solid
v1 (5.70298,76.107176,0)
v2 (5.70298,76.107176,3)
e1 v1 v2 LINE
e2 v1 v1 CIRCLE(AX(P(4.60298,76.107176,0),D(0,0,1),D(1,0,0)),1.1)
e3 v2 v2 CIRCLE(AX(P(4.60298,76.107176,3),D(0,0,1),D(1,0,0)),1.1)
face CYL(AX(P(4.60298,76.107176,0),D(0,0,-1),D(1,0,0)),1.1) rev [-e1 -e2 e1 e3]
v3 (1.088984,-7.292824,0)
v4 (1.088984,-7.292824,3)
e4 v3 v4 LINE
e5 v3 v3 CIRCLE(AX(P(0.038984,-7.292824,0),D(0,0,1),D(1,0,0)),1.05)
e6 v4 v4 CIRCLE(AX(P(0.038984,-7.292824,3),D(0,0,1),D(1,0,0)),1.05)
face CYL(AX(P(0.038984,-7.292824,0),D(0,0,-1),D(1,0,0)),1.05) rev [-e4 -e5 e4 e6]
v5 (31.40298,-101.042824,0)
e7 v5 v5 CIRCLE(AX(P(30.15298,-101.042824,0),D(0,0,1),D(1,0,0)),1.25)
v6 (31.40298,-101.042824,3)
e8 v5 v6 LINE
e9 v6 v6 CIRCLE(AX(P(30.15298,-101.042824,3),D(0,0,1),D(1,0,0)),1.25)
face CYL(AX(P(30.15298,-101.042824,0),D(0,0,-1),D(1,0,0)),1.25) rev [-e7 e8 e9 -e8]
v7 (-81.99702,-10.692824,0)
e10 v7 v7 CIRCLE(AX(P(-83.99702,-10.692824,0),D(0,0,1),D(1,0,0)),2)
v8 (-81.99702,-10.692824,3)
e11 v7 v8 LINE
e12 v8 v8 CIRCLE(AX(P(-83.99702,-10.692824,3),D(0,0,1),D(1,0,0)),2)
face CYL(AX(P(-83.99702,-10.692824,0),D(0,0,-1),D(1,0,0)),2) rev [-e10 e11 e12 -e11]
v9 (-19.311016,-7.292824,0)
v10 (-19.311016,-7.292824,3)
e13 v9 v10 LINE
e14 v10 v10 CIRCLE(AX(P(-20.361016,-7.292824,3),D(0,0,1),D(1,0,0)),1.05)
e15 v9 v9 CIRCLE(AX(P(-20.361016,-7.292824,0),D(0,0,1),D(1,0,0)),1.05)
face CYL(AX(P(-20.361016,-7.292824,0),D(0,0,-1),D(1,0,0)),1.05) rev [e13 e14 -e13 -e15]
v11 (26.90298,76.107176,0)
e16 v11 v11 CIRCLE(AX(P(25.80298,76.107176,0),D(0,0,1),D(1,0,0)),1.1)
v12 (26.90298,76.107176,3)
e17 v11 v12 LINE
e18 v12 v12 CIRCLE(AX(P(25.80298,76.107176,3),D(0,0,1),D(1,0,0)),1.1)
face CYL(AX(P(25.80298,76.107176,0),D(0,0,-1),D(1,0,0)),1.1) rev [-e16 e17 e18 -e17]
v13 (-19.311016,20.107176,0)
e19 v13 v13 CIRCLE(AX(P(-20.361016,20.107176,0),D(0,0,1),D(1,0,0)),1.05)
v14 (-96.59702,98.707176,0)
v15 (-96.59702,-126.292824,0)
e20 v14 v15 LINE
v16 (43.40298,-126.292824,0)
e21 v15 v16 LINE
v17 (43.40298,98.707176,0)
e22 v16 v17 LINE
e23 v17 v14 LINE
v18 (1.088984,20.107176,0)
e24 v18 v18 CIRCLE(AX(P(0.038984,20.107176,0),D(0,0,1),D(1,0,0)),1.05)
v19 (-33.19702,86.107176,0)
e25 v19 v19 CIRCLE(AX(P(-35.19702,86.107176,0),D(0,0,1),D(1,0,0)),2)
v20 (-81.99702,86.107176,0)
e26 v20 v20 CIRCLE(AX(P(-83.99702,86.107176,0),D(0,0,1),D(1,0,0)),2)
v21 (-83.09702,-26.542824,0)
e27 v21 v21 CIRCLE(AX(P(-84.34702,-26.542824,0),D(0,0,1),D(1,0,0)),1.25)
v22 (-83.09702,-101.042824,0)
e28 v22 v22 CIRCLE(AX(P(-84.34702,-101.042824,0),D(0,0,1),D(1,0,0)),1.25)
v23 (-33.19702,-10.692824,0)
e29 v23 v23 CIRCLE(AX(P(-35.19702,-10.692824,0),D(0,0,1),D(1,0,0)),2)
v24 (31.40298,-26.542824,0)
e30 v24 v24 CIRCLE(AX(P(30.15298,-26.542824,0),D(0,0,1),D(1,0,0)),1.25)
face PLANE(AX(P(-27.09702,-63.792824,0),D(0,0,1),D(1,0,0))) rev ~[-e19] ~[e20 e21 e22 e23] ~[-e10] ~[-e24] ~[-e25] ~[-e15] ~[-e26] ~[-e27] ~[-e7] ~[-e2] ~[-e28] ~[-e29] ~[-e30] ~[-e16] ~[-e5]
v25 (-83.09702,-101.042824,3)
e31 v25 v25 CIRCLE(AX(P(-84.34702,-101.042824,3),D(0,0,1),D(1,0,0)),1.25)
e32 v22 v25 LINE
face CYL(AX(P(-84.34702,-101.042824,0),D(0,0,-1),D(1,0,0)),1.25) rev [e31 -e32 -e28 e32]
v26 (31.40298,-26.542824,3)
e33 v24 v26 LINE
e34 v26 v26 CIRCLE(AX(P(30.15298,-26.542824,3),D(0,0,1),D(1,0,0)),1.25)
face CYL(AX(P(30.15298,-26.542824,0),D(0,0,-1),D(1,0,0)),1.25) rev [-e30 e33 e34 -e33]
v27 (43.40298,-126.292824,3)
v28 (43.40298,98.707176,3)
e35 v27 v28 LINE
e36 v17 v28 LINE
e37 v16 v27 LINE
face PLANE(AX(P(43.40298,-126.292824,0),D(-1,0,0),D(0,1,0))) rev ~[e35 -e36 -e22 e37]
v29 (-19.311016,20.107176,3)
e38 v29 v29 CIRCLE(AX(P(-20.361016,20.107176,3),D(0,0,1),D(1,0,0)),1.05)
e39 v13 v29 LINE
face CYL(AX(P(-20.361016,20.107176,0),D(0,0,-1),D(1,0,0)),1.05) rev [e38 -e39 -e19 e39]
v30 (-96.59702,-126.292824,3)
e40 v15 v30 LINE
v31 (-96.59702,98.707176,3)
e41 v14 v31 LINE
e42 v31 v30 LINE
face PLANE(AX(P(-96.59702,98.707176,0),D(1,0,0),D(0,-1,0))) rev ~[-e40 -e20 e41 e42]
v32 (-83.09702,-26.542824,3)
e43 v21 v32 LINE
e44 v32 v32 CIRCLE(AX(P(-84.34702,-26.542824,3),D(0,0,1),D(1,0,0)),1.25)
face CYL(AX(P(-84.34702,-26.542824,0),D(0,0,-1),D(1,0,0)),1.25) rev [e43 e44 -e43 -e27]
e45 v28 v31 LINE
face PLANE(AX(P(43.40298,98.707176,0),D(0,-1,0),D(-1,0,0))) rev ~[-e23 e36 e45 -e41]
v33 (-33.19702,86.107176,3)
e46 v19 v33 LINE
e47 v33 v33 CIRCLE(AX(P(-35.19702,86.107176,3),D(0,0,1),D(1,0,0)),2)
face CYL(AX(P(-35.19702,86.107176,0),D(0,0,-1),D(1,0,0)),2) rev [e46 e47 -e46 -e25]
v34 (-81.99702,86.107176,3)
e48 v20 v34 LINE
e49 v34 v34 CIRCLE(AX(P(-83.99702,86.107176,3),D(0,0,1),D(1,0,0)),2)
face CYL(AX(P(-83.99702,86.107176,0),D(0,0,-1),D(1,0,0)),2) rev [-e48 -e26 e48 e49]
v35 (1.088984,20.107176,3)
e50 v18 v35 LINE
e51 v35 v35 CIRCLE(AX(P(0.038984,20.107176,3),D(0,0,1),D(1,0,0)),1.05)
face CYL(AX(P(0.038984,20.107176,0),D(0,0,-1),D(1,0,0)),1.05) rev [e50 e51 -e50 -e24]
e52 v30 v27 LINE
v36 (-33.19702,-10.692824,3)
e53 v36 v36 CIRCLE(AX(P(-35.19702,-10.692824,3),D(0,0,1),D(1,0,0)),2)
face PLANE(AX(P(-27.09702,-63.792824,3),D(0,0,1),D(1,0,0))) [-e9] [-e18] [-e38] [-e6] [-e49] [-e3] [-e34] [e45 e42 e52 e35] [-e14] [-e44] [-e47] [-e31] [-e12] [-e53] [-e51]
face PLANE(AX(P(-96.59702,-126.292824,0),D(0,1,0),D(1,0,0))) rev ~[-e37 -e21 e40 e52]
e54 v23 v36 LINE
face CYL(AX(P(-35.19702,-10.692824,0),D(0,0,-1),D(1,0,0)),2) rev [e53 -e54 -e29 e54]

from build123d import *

# Parameters (mm, degrees)
F0_R     = 1.25
F0_W     = 26.4
F0_H     = 35.8
F0_R_2   = 2
F0_R_3   = 1.05
F0_W_2   = 15
F0_H_2   = 10
F0_R_4   = 1.1
F0_W_3   = 10
F0_H_3   = 20
F0_W_4   = 45
F1_DEPTH = 3


with BuildPart() as f1:
    # F0 (on Top) → F1 (new body)
    with BuildSketch(Plane.XY):
        Polygon((33.40298, -104.292824), (33.40298, -43.292824), (33.40298, -23.292824), (-87.59702, -23.292824), (-87.59702, -104.292824), align=None)
        with Locations((-84.34702, -101.042824)):
            Circle(F0_R, mode=Mode.SUBTRACT)
        with Locations((-84.34702, -26.542824)):
            Circle(F0_R, mode=Mode.SUBTRACT)
        with Locations((30.15298, -101.042824)):
            Circle(F0_R, mode=Mode.SUBTRACT)
        with Locations((30.15298, -26.542824)):
            Circle(F0_R, mode=Mode.SUBTRACT)
        Polygon((-81.59702, 98.707176), (-96.59702, 98.707176), (-96.59702, -126.292824), (43.40298, -126.292824), (43.40298, -43.292824), (33.40298, -43.292824), (33.40298, -104.292824), (-87.59702, -104.292824), (-87.59702, -23.292824), (33.40298, -23.292824), (43.40298, -23.292824), (43.40298, 98.707176), (-36.59702, 98.707176), (-36.59702, 88.707176), (-35.19702, 88.707176), (-32.59702, 88.707176), (-32.59702, 86.107176), (-32.59702, -10.692824), (-32.59702, -13.292824), (-35.19702, -13.292824), (-83.99702, -13.292824), (-86.59702, -13.292824), (-86.59702, -10.692824), (-86.59702, 86.107176), (-86.59702, 86.507176), (-86.59702, 88.707176), (-84.39702, 88.707176), (-83.99702, 88.707176), (-81.59702, 88.707176), align=None)
        Polygon((-23.161016, -10.092824), (-23.161016, 22.907176), (-17.161016, 22.907176), (-17.161016, 32.907176), (-2.161016, 32.907176), (-2.161016, 22.907176), (2.838984, 22.907176), (2.838984, -10.092824), align=None, mode=Mode.SUBTRACT)
        with Locations((15.20298, 60.807176)):
            Rectangle(F0_W, F0_H, mode=Mode.SUBTRACT)
        Polygon((-36.59702, 88.707176), (-81.59702, 88.707176), (-83.99702, 88.707176), (-84.39702, 88.707176), (-86.59702, 88.707176), (-86.59702, 86.507176), (-86.59702, 86.107176), (-86.59702, -10.692824), (-86.59702, -13.292824), (-83.99702, -13.292824), (-35.19702, -13.292824), (-32.59702, -13.292824), (-32.59702, -10.692824), (-32.59702, 86.107176), (-32.59702, 88.707176), (-35.19702, 88.707176), align=None)
        with Locations((-83.99702, -10.692824)):
            Circle(F0_R_2, mode=Mode.SUBTRACT)
        with Locations((-35.19702, -10.692824)):
            Circle(F0_R_2, mode=Mode.SUBTRACT)
        with Locations((-83.99702, 86.107176)):
            Circle(F0_R_2, mode=Mode.SUBTRACT)
        with Locations((-35.19702, 86.107176)):
            Circle(F0_R_2, mode=Mode.SUBTRACT)
        Polygon((-17.161016, 22.907176), (-23.161016, 22.907176), (-23.161016, -10.092824), (2.838984, -10.092824), (2.838984, 22.907176), (-2.161016, 22.907176), align=None)
        with Locations((-20.361016, -7.292824)):
            Circle(F0_R_3, mode=Mode.SUBTRACT)
        with Locations((0.038984, -7.292824)):
            Circle(F0_R_3, mode=Mode.SUBTRACT)
        with Locations((-20.361016, 20.107176)):
            Circle(F0_R_3, mode=Mode.SUBTRACT)
        with Locations((0.038984, 20.107176)):
            Circle(F0_R_3, mode=Mode.SUBTRACT)
        with Locations((-9.661016, 27.907176)):
            Rectangle(F0_W_2, F0_H_2)
        with Locations((15.20298, 60.807176)):
            Rectangle(F0_W, F0_H)
        with Locations((4.60298, 76.107176)):
            Circle(F0_R_4, mode=Mode.SUBTRACT)
        with Locations((25.80298, 76.107176)):
            Circle(F0_R_4, mode=Mode.SUBTRACT)
        with Locations((38.40298, -33.292824)):
            Rectangle(F0_W_3, F0_H_3)
        with Locations((-59.09702, 93.707176)):
            Rectangle(F0_W_4, F0_H_2)
    extrude(amount=F1_DEPTH)


solid = f1.part
